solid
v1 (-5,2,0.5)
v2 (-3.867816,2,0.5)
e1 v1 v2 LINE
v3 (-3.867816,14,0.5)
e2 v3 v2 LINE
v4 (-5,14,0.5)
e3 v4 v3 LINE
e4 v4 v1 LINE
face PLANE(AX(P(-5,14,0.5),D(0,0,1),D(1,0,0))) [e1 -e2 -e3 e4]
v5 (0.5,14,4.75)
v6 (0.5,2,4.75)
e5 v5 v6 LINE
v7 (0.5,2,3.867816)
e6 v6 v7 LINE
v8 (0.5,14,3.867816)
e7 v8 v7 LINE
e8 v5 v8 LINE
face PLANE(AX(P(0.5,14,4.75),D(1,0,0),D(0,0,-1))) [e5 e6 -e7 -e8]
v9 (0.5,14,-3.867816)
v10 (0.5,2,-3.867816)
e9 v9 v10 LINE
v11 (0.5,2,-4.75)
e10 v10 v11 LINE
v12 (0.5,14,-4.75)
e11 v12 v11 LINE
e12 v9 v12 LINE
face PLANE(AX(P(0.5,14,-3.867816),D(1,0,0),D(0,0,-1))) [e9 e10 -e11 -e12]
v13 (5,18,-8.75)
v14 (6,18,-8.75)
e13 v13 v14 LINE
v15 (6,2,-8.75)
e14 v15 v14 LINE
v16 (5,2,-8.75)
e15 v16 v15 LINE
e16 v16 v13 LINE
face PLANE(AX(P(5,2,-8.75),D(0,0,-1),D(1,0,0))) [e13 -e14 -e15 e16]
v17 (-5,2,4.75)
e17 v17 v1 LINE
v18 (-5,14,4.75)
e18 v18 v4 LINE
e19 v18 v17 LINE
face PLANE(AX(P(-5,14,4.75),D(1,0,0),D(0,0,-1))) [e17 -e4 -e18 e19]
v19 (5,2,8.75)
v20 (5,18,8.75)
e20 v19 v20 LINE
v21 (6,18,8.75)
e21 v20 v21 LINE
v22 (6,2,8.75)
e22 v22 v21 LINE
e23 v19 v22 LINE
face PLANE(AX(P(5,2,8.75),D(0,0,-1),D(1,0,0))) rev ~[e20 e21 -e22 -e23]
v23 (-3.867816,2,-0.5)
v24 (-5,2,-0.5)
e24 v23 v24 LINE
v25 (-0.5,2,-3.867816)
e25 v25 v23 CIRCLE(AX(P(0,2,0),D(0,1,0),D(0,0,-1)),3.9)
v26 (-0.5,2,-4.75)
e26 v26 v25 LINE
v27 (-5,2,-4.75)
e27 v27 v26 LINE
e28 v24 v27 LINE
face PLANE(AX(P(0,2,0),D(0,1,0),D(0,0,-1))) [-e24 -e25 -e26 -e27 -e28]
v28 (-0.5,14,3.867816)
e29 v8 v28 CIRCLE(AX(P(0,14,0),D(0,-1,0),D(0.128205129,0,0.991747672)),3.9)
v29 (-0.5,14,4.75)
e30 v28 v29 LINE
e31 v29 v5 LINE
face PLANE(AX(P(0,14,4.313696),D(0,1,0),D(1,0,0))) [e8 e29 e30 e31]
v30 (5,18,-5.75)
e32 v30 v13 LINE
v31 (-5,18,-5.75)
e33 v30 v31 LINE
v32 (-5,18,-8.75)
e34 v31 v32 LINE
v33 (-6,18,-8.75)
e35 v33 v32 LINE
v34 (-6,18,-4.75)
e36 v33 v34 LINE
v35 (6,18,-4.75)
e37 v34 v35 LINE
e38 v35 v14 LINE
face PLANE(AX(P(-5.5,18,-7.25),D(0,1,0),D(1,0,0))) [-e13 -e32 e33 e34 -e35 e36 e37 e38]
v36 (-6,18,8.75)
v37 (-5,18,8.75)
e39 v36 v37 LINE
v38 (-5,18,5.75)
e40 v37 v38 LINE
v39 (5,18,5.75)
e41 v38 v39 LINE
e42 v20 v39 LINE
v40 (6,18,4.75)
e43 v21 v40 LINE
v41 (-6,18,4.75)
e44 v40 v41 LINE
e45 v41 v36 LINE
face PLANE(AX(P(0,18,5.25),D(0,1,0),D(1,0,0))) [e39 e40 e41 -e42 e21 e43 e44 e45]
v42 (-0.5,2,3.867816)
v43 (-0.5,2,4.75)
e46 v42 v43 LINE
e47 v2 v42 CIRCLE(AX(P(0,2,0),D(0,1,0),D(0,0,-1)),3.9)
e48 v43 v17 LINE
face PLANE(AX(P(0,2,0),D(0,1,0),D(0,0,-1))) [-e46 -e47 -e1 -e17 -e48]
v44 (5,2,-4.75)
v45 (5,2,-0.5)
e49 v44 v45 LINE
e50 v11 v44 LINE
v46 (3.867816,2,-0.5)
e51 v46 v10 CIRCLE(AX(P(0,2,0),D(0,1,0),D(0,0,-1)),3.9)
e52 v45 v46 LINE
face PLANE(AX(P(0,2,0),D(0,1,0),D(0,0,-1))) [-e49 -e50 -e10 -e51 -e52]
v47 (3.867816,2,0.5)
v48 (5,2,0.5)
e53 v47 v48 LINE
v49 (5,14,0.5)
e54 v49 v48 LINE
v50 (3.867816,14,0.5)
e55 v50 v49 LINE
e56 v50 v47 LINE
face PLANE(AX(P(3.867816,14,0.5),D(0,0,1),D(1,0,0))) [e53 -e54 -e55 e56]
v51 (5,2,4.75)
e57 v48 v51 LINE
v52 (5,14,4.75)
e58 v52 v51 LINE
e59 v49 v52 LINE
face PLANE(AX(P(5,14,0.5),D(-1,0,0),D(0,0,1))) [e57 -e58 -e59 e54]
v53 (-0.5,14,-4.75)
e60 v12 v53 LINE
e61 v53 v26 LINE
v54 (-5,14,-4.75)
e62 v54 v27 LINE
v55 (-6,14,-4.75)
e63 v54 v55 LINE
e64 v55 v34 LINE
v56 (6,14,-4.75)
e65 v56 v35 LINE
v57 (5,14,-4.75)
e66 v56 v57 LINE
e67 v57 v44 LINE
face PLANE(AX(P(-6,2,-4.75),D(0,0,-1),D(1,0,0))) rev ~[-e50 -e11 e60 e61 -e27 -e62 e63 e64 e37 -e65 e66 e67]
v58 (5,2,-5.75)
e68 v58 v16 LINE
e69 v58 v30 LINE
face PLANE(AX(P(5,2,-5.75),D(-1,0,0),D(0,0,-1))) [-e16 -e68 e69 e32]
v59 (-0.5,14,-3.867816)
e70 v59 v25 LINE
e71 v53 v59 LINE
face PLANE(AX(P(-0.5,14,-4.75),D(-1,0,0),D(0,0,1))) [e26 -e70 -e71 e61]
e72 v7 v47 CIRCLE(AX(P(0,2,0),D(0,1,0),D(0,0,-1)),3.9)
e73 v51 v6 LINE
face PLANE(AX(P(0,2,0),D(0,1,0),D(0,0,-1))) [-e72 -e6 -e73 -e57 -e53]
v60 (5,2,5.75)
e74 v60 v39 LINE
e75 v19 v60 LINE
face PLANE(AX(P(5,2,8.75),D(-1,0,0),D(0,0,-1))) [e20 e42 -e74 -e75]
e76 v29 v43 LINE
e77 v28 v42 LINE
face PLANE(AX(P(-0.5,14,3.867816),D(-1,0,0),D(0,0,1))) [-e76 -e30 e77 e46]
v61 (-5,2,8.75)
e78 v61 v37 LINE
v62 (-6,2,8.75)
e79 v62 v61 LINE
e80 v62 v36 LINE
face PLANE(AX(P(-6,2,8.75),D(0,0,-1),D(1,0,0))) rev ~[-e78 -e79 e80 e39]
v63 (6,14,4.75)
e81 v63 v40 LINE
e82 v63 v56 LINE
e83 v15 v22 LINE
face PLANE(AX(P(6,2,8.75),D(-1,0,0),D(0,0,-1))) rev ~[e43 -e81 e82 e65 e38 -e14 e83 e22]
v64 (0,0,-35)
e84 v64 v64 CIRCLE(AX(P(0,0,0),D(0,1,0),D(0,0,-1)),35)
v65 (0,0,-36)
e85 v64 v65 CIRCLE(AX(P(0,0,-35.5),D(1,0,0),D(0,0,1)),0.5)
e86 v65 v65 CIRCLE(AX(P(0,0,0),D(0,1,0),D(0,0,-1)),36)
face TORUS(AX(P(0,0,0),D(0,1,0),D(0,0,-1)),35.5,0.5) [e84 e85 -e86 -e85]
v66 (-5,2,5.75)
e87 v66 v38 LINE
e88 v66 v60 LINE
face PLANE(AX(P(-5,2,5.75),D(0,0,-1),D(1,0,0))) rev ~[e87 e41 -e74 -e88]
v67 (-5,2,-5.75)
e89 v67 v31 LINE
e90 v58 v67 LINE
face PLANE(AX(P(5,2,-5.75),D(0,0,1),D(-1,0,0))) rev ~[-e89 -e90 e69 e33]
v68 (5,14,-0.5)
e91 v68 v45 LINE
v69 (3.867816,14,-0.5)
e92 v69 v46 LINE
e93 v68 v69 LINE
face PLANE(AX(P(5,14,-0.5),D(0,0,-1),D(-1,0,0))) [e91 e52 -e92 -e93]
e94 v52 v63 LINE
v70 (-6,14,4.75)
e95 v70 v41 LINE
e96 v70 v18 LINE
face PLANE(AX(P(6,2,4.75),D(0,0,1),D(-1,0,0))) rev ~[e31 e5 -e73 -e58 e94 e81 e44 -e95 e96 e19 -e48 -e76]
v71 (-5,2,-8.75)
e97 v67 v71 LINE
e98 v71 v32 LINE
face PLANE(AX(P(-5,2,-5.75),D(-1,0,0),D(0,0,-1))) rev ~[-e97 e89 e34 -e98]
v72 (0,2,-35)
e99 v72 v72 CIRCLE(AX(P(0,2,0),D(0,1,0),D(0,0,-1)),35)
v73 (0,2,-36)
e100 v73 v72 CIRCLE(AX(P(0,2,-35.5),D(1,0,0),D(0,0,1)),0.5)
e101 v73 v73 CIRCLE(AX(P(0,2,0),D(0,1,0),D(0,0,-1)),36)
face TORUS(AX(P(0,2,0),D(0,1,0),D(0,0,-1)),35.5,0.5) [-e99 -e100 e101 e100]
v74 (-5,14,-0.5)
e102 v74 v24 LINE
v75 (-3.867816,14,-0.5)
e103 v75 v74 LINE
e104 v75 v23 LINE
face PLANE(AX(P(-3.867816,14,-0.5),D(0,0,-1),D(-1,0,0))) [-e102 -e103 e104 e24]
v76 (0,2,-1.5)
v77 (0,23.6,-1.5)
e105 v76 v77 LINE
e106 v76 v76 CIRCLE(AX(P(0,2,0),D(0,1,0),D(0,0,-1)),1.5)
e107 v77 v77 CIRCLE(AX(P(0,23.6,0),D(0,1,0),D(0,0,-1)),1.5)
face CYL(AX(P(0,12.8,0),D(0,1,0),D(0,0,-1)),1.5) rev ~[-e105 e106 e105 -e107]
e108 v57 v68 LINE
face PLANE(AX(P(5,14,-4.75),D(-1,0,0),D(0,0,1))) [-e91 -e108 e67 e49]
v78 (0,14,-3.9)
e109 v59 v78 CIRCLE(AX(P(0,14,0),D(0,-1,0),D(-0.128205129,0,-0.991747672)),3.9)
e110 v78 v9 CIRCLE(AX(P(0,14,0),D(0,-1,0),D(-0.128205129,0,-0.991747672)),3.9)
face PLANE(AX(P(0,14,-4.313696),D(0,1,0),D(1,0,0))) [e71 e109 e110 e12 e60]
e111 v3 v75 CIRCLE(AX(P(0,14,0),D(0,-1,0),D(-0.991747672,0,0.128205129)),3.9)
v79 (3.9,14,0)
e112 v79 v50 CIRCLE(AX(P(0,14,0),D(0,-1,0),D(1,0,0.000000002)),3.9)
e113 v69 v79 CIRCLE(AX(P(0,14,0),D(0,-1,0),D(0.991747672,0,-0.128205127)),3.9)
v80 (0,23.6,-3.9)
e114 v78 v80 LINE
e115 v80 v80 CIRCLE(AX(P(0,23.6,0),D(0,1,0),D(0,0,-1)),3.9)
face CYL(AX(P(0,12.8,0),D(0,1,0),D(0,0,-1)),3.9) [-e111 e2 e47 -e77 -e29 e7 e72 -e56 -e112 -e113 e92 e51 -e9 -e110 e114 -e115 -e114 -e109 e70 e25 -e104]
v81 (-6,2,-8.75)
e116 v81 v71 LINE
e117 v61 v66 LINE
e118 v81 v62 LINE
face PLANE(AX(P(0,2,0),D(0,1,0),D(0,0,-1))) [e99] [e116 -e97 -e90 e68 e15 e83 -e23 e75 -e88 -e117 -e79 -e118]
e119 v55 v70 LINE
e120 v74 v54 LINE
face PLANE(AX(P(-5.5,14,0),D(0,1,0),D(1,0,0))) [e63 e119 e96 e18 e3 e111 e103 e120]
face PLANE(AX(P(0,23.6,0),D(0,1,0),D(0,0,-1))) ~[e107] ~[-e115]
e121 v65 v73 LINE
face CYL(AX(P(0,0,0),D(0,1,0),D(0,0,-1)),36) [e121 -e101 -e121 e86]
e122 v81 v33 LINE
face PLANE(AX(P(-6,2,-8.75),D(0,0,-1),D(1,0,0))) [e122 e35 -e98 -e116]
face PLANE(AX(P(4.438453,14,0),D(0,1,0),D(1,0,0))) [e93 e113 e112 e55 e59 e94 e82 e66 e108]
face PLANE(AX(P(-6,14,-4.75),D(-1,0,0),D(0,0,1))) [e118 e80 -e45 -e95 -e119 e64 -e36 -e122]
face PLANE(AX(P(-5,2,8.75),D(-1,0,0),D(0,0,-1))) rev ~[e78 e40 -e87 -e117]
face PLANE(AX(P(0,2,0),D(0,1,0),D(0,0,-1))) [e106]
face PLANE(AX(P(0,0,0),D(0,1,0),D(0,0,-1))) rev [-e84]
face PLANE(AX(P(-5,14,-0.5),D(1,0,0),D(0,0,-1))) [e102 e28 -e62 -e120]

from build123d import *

# Parameters (mm, degrees)
SKETCH_3_W      = 2.4
SKETCH_3_H      = 21.6
SKETCH_4_W      = 1
SKETCH_4_H      = 3
EXTRUDE_1_DEPTH = 16
EXTRUDE_START   = 12
EXTRUDE_2_DEPTH = 12


with BuildPart() as part:
    # 草图3 → 旋转2 (revolve)
    with BuildSketch(Plane.XY, mode=Mode.PRIVATE) as revolve_2_sk:
        with Locations((2.7, 12.8)):
            Rectangle(SKETCH_3_W, SKETCH_3_H)
        Polygon((0, 2), (0, 0), (35, 0), (35, 2), (3.9, 2), (1.5, 2), align=None)
        with BuildLine():
            ThreePointArc((36, 2), (35.5, 2.5), (35, 2))
            Line((35, 2), (36, 2))
        make_face()
        with BuildLine():
            Line((36, 2), (35, 2))
            ThreePointArc((35, 2), (35.5, 1.5), (36, 2))
        make_face()
        with BuildLine():
            ThreePointArc((36, 2), (35.5, 2.5), (35, 2))
            Line((35, 2), (36, 2))
        make_face()
        with BuildLine():
            Line((36, 2), (35, 2))
            ThreePointArc((35, 2), (35.5, 1.5), (36, 2))
        make_face()
        with BuildLine():
            Line((35, 2), (35, 0))
            ThreePointArc((35, 0), (35.5, 0.5), (36, 0))
            Line((36, 0), (36, 2))
            ThreePointArc((36, 2), (35.5, 1.5), (35, 2))
        make_face()
        with BuildLine():
            ThreePointArc((36, 0), (35.5, 0.5), (35, 0))
            Line((35, 0), (36, 0))
        make_face()
        with BuildLine():
            Line((36, 0), (35, 0))
            ThreePointArc((35, 0), (35.5, -0.5), (36, 0))
        make_face()
        with BuildLine():
            ThreePointArc((36, 0), (35.5, 0.5), (35, 0))
            Line((35, 0), (36, 0))
        make_face()
        with BuildLine():
            Line((36, 0), (35, 0))
            ThreePointArc((35, 0), (35.5, -0.5), (36, 0))
        make_face()
    revolve(revolve_2_sk.sketch.rotate(Axis((0, 2, 0), (0, 1, 0)), 90), axis=Axis((0, 2, 0), (0, 1, 0)))

    # 草图4 → 凸台-拉伸1 (add)
    with BuildSketch(Plane(origin=(0, 2, 0), x_dir=(1, 0, 0), z_dir=(0, 1, 0))):
        with Locations((-5.5, 7.25)):
            Rectangle(SKETCH_4_W, SKETCH_4_H)
        Polygon((-6, 4.75), (-5, 4.75), (5, 4.75), (6, 4.75), (6, 5.75), (5, 5.75), (-5, 5.75), (-6, 5.75), align=None)
        with Locations((5.5, 7.25)):
            Rectangle(SKETCH_4_W, SKETCH_4_H)
        Polygon((5, -4.75), (-5, -4.75), (-6, -4.75), (-6, -5.75), (-5, -5.75), (5, -5.75), (6, -5.75), (6, -4.75), align=None)
        with Locations((-5.5, -7.25)):
            Rectangle(SKETCH_4_W, SKETCH_4_H)
        with Locations((5.5, -7.25)):
            Rectangle(SKETCH_4_W, SKETCH_4_H)
    extrude(amount=EXTRUDE_1_DEPTH)

    # 草图6 → 凸台-拉伸2 (add)
    with BuildSketch(Plane(origin=(0, 2, 0), x_dir=(1, 0, 0), z_dir=(0, 1, 0)).offset(EXTRUDE_START)):
        Polygon((-5, -0.5), (-5, 0.5), (-5, 4.75), (-6, 4.75), (-6, -4.75), (-5, -4.75), align=None)
        with BuildLine():
            ThreePointArc((0.5, -3.867815921), (0, -3.9), (-0.5, -3.867815921))
            Line((-0.5, -3.867815921), (-0.5, -4.75))
            Line((-0.5, -4.75), (0.5, -4.75))
            Line((0.5, -4.75), (0.5, -3.867815921))
        make_face()
        with BuildLine():
            Line((-0.5, 4.75), (-0.5, 3.867815921))
            ThreePointArc((-0.5, 3.867815921), (0, 3.9), (0.5, 3.867815921))
            Line((0.5, 3.867815921), (0.5, 4.75))
            Line((0.5, 4.75), (-0.5, 4.75))
        make_face()
        with BuildLine():
            ThreePointArc((-3.867815921, -0.5), (-3.9, 0), (-3.867815921, 0.5))
            Line((-3.867815921, 0.5), (-5, 0.5))
            Line((-5, 0.5), (-5, -0.5))
            Line((-5, -0.5), (-3.867815921, -0.5))
        make_face()
        with BuildLine():
            Line((5, 0.5), (3.867815921, 0.5))
            ThreePointArc((3.867815921, 0.5), (3.891945663, 0.250517372), (3.9, 0))
            ThreePointArc((3.9, 0), (3.891945663, -0.250517372), (3.867815921, -0.5))
            Line((3.867815921, -0.5), (5, -0.5))
            Line((5, -0.5), (5, 0.5))
        make_face()
        Polygon((6, 4.75), (5, 4.75), (5, 0.5), (5, -0.5), (5, -4.75), (6, -4.75), align=None)
    extrude(amount=-EXTRUDE_2_DEPTH)


solid = part.part
